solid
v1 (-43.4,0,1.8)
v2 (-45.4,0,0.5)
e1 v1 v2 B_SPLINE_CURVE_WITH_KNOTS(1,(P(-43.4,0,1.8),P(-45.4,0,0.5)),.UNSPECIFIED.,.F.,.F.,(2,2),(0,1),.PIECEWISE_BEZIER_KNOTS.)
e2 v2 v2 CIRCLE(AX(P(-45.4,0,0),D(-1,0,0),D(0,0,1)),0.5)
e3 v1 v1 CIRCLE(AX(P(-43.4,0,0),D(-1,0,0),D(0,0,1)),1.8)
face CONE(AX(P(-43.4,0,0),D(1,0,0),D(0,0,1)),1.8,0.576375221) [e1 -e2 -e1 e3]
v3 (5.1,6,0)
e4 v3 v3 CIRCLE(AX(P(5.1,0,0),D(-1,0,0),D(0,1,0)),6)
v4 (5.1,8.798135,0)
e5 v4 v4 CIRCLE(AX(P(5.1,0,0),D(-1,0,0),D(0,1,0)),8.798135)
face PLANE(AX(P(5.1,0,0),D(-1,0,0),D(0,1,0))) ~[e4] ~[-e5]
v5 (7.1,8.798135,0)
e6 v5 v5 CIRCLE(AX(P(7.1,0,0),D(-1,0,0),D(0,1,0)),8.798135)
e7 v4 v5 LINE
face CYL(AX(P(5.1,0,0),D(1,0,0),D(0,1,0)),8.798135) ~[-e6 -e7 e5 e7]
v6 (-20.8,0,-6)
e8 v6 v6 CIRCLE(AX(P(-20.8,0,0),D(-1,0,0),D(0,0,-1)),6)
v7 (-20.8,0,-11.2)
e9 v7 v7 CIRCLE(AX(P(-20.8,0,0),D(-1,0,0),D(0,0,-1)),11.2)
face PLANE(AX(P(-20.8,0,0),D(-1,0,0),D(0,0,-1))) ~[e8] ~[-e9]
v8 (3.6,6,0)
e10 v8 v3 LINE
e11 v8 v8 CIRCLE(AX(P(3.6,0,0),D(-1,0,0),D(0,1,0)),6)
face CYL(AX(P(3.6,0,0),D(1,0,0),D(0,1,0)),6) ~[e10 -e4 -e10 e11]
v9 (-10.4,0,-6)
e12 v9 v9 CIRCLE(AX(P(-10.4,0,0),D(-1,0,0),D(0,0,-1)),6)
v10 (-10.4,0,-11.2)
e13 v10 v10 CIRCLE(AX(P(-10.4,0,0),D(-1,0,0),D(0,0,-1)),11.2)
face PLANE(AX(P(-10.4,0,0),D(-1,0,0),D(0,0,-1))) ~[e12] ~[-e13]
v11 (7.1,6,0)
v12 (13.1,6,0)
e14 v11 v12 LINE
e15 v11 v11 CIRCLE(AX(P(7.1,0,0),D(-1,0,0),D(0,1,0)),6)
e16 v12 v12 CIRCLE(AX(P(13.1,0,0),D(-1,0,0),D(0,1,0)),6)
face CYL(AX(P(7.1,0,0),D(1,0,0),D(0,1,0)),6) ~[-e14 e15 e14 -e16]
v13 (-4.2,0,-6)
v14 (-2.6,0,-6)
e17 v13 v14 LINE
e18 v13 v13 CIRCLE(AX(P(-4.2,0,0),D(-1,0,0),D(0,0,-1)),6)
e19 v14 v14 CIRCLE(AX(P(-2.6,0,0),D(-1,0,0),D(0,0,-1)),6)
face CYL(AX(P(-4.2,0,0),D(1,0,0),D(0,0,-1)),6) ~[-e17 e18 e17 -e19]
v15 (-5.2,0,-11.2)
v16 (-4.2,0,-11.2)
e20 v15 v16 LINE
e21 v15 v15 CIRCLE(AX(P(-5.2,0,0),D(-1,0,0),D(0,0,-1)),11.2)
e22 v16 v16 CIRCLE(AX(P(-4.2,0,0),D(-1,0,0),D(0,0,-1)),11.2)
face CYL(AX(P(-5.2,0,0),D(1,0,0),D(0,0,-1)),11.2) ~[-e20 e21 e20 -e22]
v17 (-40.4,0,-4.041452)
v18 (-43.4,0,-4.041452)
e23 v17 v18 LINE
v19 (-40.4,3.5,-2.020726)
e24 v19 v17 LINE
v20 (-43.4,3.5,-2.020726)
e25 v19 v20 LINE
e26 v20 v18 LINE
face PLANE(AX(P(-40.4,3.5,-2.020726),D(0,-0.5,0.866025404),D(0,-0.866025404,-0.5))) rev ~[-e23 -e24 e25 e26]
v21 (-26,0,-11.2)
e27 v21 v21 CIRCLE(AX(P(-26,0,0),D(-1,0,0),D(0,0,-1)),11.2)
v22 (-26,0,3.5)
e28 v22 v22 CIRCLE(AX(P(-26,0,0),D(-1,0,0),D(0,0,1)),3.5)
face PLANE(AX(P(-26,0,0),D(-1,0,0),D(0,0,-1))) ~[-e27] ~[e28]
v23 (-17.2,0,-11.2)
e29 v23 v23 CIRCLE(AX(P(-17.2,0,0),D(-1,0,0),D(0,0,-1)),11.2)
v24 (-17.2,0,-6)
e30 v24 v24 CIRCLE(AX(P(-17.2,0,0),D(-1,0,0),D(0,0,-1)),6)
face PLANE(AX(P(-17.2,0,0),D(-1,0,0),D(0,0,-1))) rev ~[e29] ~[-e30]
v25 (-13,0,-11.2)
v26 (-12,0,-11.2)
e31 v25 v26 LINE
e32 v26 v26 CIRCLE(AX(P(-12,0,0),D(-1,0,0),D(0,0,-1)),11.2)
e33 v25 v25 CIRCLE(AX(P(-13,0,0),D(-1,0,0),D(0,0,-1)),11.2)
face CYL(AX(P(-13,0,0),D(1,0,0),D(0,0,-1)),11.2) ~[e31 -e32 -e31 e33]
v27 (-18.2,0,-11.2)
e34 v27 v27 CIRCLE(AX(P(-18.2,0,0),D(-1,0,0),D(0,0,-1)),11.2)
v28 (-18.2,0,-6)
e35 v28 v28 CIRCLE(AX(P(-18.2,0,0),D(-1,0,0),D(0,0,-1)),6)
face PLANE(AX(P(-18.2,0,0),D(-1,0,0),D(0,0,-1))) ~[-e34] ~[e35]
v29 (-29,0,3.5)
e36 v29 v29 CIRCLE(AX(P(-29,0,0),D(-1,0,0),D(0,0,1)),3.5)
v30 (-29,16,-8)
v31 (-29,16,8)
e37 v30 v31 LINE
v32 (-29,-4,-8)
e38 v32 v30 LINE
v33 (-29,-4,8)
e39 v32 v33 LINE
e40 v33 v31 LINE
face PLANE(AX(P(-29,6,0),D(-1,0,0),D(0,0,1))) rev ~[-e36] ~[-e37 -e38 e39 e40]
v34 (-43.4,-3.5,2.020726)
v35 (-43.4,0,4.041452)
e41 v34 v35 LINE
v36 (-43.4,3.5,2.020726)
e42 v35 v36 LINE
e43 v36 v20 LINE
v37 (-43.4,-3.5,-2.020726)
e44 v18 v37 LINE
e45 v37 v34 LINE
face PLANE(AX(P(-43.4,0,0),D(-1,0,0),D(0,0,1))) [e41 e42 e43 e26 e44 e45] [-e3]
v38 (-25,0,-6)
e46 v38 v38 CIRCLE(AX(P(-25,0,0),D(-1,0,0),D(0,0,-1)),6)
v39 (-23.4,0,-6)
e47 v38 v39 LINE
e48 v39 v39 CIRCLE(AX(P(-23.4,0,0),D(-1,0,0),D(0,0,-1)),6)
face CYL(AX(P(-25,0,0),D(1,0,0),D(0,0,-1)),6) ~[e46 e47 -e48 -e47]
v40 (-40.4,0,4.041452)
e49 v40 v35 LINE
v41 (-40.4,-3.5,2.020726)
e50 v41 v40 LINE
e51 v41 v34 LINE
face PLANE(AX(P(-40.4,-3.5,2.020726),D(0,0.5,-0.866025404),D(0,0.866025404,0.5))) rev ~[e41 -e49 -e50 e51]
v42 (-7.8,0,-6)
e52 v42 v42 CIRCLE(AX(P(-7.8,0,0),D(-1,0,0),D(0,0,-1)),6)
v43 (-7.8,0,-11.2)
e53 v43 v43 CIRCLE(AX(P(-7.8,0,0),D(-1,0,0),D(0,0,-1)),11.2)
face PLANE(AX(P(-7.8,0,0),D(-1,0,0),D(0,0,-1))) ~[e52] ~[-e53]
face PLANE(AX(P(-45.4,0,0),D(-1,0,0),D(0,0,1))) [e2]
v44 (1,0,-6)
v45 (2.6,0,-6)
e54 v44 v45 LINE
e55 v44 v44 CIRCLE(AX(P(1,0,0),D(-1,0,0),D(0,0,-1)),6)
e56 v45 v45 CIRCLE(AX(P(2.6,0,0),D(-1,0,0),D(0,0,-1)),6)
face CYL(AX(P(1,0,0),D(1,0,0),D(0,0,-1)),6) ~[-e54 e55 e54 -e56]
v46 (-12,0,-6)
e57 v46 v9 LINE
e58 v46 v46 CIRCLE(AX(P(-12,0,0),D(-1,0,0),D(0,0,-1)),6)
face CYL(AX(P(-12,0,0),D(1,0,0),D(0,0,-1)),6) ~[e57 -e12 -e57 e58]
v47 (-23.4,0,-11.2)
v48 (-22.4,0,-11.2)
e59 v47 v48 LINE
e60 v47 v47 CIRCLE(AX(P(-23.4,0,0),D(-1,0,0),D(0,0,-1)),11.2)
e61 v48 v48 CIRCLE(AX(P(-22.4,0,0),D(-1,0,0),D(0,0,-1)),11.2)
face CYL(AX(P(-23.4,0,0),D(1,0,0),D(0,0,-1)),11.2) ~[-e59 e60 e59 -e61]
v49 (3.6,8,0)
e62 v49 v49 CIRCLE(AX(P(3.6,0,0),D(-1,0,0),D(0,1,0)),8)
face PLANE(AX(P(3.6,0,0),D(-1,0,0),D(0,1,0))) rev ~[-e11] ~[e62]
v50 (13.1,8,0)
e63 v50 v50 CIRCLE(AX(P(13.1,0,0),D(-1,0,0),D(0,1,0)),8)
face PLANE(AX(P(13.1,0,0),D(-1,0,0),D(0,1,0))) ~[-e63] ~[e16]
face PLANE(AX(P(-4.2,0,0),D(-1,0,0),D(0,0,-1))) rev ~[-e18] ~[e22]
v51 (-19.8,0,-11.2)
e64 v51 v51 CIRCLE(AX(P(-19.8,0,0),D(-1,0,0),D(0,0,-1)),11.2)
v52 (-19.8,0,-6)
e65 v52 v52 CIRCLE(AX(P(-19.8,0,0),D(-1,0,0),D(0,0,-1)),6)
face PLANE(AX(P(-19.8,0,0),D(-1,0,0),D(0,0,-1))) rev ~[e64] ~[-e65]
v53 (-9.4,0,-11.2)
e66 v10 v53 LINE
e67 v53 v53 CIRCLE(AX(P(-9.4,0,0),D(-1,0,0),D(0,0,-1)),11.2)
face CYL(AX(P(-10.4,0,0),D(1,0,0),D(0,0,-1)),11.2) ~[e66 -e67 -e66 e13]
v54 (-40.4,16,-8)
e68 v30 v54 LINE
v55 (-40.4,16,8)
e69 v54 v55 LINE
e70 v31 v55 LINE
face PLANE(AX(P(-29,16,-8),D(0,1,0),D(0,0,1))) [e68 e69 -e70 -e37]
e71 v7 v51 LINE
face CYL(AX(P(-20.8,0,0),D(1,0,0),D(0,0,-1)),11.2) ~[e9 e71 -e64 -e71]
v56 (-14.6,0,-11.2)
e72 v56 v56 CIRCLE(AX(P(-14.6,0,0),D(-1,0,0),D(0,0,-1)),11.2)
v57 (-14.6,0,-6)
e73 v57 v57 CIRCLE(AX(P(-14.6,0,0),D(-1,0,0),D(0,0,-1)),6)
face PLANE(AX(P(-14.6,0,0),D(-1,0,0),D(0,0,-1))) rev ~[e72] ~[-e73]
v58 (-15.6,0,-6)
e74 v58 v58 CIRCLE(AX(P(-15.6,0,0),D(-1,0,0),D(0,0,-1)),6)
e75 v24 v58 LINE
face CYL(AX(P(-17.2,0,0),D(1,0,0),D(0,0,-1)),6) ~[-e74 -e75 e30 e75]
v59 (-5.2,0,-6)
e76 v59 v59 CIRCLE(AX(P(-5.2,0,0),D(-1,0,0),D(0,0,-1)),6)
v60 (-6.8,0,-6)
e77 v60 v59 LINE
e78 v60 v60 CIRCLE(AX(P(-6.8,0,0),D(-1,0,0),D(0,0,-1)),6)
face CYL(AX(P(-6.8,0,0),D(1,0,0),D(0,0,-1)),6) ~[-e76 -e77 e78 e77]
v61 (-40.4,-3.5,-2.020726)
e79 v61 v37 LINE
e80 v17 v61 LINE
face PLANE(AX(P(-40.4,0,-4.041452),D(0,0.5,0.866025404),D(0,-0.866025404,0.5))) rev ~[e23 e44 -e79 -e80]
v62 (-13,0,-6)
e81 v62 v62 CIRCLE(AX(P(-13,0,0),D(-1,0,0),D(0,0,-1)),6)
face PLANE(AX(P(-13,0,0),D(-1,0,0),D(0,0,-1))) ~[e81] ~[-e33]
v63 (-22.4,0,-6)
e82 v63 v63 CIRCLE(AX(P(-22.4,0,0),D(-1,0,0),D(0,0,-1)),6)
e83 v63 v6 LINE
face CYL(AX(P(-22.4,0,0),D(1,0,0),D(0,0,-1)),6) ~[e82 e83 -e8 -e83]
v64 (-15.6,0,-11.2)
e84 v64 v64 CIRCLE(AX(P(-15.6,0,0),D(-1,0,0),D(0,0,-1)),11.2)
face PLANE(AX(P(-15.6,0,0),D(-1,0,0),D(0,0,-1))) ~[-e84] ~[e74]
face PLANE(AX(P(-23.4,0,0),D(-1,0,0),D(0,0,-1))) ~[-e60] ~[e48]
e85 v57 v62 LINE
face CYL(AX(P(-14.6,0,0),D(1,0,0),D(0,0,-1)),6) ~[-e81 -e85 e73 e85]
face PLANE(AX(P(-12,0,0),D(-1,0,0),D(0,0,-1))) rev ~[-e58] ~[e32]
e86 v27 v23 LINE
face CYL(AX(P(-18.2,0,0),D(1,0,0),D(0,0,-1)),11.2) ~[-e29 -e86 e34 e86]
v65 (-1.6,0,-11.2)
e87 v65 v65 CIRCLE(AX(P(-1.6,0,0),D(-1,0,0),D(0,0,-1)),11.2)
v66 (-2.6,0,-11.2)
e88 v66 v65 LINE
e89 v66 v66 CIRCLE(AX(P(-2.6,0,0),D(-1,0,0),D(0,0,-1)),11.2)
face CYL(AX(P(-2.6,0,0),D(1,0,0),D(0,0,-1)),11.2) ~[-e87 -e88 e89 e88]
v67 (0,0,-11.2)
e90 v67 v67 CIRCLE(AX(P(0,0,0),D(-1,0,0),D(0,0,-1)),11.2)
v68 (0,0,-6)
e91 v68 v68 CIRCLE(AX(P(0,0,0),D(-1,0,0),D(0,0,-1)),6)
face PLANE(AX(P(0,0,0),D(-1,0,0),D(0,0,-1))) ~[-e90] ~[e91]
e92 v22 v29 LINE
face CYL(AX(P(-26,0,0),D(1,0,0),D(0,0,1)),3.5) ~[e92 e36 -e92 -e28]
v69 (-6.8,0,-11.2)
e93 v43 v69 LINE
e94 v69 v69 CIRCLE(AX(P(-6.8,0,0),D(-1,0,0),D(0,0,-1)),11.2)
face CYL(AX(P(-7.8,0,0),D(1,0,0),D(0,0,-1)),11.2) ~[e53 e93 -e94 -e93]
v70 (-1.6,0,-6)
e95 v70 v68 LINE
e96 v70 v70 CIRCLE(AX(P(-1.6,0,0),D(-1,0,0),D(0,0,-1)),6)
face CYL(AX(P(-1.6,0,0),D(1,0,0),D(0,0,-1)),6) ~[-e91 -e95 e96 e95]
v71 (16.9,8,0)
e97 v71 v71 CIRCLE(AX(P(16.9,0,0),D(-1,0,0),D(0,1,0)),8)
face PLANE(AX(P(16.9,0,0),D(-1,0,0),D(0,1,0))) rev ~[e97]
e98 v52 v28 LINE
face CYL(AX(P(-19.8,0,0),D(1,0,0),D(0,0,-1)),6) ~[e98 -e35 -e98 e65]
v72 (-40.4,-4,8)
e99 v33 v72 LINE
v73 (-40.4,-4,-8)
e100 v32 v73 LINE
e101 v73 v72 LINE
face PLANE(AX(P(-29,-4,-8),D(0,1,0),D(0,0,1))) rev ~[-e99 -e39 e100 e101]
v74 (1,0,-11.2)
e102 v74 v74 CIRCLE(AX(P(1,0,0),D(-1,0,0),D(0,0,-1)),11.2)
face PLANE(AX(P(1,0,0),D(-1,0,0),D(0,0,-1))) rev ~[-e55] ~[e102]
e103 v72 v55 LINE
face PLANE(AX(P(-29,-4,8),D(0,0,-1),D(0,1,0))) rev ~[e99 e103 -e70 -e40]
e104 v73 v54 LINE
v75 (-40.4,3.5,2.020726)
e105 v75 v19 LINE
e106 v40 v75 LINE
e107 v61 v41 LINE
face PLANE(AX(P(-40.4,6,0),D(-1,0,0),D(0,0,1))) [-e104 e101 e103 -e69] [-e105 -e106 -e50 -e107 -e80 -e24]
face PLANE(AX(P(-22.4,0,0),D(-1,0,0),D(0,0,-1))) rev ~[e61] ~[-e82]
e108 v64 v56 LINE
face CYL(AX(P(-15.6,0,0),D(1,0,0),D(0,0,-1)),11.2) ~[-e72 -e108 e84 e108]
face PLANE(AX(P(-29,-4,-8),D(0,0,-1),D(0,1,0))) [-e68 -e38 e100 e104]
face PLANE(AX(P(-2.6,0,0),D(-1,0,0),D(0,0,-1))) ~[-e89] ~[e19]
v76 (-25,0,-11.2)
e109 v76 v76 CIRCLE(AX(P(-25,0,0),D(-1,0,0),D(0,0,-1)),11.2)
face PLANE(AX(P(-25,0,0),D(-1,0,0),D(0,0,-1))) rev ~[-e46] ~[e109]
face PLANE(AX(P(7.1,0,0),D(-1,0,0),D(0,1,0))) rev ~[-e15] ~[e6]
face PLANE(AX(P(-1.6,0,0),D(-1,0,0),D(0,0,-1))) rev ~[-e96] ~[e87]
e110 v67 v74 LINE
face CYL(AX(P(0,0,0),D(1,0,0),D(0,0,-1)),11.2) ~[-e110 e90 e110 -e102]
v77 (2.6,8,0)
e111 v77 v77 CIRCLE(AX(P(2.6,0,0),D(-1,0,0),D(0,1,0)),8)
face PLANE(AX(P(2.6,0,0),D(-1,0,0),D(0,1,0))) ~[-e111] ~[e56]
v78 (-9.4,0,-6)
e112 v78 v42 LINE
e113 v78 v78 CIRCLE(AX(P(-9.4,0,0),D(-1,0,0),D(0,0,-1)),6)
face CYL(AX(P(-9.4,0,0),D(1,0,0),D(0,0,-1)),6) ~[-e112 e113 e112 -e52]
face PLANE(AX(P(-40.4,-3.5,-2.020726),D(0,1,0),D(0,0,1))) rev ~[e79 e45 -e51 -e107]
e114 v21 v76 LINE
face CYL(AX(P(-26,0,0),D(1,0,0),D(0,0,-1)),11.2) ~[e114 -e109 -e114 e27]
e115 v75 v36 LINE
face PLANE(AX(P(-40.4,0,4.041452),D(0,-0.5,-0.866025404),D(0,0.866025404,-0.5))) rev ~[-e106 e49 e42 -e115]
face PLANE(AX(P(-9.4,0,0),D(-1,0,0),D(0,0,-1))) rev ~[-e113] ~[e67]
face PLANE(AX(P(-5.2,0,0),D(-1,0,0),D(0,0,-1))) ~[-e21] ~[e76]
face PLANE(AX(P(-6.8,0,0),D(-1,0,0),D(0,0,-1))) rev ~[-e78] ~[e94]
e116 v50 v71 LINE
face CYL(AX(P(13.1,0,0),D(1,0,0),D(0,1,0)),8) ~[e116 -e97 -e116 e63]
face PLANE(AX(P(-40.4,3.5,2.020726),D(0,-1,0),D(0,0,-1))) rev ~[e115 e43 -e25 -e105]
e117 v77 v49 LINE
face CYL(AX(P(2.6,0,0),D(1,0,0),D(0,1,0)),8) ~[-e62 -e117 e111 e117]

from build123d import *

# Parameters (mm, degrees)
SKETCH_3_R      = 3.5
EXTRUDE_1_DEPTH = 3
SKETCH_4_W      = 16
SKETCH_4_H      = 20
EXTRUDE_2_DEPTH = 11.4
EXTRUDE_3_DEPTH = 3
SKETCH_6_R      = 1.8
SKETCH_7_R      = 0.5


with BuildPart() as part:
    # 草圖1 → 旋轉1 (revolve)
    with BuildSketch(Plane.XY, mode=Mode.PRIVATE) as revolve_1_sk:
        Polygon((-26, 0), (-26, 11.2), (-25, 11.2), (-25, 6), (-23.4, 6), (-23.4, 11.2), (-22.4, 11.2), (-22.4, 6), (-20.8, 6), (-20.8, 11.2), (-19.8, 11.2), (-19.8, 6), (-18.2, 6), (-18.2, 11.2), (-17.2, 11.2), (-17.2, 6), (-15.6, 6), (-15.6, 11.2), (-14.6, 11.2), (-14.6, 6), (-13, 6), (-13, 11.2), (-12, 11.2), (-12, 6), (-10.4, 6), (-10.4, 11.2), (-9.4, 11.2), (-9.4, 6), (-7.8, 6), (-7.8, 11.2), (-6.8, 11.2), (-6.8, 6), (-5.2, 6), (-5.2, 11.2), (-4.2, 11.2), (-4.2, 6), (-2.6, 6), (-2.6, 11.2), (-1.6, 11.2), (-1.6, 6), (0, 6), (0, 11.2), (1, 11.2), (1, 6), (2.6, 6), (2.6, 0), (1, 0), (0, 0), align=None)
    revolve(revolve_1_sk.sketch.rotate(Axis((0, 0, 0), (-1, 0, 0)), 90), axis=Axis((0, 0, 0), (-1, 0, 0)))

    # 草圖2 → 旋轉2 (revolve)
    with BuildSketch(Plane.XY):
        Polygon((2.6, 0), (2.6, 8), (3.6, 8), (3.6, 6), (5.1, 6), (5.1, 8.79813536), (7.1, 8.79813536), (7.1, 6), (13.1, 6), (13.1, 8), (16.9, 8), (16.9, 0), align=None)
    revolve(axis=Axis((16.9, 0, 0), (-1, 0, 0)))

    # 草圖3 → 填料-伸長1 (add)
    with BuildSketch(Plane.ZY.offset(26)):
        Circle(SKETCH_3_R)
    extrude(amount=EXTRUDE_1_DEPTH)

    # 草圖4 → 填料-伸長2 (add)
    with BuildSketch(Plane.ZY.offset(29)):
        with Locations((0, 6)):
            Rectangle(SKETCH_4_W, SKETCH_4_H)
    extrude(amount=EXTRUDE_2_DEPTH)

    # 草圖5 → 填料-伸長3 (add)
    with BuildSketch(Plane.ZY.offset(40.4)):
        Polygon((4.041451884, 0), (2.020725942, 3.5), (-2.020725942, 3.5), (-4.041451884, 0), (-2.020725942, -3.5), (2.020725942, -3.5), align=None)
    extrude(amount=EXTRUDE_3_DEPTH)

    # 草圖6 → 疊層拉伸1 section 0
    with BuildSketch(Plane.ZY.offset(43.4)):
        Circle(SKETCH_6_R)
    # 草圖7 → 疊層拉伸1 section 1
    with BuildSketch(Plane.ZY.offset(45.4)):
        Circle(SKETCH_7_R)
    loft()


solid = part.part
